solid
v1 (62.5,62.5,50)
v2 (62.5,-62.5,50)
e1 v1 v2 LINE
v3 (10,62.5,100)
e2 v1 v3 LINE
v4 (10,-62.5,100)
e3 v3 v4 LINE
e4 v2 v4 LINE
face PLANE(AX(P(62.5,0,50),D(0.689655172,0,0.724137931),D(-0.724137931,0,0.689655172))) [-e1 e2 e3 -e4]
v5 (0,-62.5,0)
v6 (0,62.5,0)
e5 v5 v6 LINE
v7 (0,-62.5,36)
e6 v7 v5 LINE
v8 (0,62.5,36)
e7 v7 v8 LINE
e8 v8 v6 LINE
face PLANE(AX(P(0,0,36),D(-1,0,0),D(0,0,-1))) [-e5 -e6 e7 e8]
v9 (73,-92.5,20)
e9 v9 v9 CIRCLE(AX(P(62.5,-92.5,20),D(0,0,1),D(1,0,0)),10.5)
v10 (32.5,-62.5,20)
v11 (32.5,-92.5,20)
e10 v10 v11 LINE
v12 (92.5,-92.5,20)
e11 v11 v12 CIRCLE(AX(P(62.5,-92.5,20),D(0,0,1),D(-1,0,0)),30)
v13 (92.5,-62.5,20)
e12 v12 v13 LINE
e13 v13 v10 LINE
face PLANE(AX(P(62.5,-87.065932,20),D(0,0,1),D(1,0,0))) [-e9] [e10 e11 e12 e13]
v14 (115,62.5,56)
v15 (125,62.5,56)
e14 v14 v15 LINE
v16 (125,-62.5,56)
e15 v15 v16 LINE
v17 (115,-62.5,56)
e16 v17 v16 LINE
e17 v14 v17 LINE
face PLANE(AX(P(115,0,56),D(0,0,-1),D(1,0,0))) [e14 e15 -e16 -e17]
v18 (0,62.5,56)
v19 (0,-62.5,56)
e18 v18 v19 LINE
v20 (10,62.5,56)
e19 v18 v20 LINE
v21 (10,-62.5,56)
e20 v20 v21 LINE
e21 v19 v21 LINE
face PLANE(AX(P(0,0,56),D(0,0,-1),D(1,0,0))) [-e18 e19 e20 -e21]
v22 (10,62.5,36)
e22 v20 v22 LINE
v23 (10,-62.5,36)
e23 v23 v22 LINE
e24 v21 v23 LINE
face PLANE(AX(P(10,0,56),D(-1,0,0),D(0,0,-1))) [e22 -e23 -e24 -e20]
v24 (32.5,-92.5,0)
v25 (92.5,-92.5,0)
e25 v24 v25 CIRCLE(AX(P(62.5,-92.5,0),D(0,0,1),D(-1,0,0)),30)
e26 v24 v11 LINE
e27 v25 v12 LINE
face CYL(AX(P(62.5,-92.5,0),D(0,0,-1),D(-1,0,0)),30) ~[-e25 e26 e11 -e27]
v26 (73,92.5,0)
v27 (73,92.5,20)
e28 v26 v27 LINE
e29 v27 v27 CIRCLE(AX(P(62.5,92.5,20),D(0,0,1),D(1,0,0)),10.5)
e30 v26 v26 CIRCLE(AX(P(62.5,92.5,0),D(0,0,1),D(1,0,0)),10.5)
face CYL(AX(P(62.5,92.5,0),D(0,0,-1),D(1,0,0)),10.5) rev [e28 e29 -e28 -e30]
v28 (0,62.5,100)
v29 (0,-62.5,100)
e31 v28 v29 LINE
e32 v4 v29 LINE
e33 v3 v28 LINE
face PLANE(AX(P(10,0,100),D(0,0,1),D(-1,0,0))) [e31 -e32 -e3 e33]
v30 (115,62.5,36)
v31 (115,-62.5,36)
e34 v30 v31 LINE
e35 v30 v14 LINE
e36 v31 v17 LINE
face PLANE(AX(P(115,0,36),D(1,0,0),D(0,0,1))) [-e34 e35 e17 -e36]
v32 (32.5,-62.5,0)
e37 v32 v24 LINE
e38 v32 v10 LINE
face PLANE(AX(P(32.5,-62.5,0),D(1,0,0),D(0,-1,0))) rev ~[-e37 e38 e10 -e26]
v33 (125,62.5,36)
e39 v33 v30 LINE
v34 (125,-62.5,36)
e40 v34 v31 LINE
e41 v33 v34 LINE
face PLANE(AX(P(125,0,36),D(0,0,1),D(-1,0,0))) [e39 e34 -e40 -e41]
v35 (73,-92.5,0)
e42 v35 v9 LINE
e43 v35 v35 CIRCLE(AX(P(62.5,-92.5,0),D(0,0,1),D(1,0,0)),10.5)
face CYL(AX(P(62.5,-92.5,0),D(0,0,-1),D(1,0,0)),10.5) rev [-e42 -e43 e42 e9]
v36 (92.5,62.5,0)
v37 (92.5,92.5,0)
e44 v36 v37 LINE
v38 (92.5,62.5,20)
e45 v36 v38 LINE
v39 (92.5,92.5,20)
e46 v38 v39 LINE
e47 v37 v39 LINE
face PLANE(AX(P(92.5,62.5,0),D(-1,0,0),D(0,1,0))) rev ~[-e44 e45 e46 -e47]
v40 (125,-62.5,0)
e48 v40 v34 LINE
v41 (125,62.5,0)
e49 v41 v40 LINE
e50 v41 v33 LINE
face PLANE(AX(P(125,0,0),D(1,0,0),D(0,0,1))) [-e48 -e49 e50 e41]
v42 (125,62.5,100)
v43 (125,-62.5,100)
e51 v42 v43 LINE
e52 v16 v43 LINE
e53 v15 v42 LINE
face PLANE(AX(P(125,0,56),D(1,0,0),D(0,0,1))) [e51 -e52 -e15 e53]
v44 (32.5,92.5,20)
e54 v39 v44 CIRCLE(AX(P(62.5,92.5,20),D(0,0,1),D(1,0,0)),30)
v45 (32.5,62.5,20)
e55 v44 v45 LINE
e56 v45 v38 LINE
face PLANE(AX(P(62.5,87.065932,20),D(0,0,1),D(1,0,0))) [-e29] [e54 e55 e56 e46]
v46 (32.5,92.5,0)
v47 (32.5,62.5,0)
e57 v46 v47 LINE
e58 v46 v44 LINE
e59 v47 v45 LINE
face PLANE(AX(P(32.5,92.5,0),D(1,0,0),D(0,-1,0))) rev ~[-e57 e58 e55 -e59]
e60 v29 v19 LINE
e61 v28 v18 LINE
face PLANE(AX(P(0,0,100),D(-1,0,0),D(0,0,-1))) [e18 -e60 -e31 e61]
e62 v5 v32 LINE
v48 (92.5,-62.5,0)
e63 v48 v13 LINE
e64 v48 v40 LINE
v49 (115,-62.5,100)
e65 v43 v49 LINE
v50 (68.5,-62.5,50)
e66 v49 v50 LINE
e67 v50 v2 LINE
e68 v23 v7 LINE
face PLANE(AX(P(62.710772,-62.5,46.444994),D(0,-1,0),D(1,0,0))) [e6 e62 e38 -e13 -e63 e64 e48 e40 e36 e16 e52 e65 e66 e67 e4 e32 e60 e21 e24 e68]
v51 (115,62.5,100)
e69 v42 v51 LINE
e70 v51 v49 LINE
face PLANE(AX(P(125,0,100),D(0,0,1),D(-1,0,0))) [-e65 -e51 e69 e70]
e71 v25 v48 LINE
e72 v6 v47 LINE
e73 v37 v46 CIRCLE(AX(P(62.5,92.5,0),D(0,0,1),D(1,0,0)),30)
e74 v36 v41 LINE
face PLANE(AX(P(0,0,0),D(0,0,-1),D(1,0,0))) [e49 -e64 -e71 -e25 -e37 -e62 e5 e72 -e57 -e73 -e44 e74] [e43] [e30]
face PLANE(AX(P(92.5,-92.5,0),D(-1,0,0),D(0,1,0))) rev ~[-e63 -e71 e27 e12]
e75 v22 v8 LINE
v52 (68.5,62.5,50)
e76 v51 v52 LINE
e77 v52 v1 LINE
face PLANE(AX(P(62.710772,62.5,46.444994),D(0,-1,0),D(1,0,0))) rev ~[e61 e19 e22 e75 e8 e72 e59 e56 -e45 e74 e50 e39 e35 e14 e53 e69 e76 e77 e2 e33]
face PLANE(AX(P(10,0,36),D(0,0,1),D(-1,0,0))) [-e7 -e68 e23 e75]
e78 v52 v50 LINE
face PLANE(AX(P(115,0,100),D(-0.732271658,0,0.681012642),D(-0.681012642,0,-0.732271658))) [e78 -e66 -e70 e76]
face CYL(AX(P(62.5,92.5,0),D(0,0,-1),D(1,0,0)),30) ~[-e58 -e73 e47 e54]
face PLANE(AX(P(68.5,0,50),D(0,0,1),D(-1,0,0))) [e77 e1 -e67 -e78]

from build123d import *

# Parameters (mm, degrees)
F1_DEPTH = 62.5
F2_R     = 10.5
F3_DEPTH = 20


with BuildPart() as f1:
    # F0 (on Front) → F1 (new body, symmetric)
    with BuildSketch(Plane.XZ):
        Polygon((0, 0), (125, 0), (125, 36), (115, 36), (115, 56), (125, 56), (125, 100), (115, 100), (68.5, 50), (62.5, 50), (10, 100), (0, 100), (0, 56), (10, 56), (10, 36), (0, 36), align=None)
    extrude(amount=F1_DEPTH, both=True)

    # F2 (on Top) → F3 (join)
    with BuildSketch(Plane.XY):
        with BuildLine():
            Line((62.5, -62.5), (32.5, -62.5))
            Line((32.5, -62.5), (32.5, -92.5))
            ThreePointArc((32.5, -92.5), (62.5, -122.5), (92.5, -92.5))
            Line((92.5, -92.5), (92.5, -62.5))
            Line((92.5, -62.5), (62.5, -62.5))
        make_face()
        with Locations((62.5, -92.5)):
            Circle(F2_R, mode=Mode.SUBTRACT)
        with BuildLine():
            Line((32.5, 92.5), (32.5, 62.5))
            Line((32.5, 62.5), (62.5, 62.5))
            Line((62.5, 62.5), (92.5, 62.5))
            Line((92.5, 62.5), (92.5, 92.5))
            ThreePointArc((92.5, 92.5), (62.5, 122.5), (32.5, 92.5))
        make_face()
        with Locations((62.5, 92.5)):
            Circle(F2_R, mode=Mode.SUBTRACT)
    extrude(amount=F3_DEPTH)


solid = f1.part
